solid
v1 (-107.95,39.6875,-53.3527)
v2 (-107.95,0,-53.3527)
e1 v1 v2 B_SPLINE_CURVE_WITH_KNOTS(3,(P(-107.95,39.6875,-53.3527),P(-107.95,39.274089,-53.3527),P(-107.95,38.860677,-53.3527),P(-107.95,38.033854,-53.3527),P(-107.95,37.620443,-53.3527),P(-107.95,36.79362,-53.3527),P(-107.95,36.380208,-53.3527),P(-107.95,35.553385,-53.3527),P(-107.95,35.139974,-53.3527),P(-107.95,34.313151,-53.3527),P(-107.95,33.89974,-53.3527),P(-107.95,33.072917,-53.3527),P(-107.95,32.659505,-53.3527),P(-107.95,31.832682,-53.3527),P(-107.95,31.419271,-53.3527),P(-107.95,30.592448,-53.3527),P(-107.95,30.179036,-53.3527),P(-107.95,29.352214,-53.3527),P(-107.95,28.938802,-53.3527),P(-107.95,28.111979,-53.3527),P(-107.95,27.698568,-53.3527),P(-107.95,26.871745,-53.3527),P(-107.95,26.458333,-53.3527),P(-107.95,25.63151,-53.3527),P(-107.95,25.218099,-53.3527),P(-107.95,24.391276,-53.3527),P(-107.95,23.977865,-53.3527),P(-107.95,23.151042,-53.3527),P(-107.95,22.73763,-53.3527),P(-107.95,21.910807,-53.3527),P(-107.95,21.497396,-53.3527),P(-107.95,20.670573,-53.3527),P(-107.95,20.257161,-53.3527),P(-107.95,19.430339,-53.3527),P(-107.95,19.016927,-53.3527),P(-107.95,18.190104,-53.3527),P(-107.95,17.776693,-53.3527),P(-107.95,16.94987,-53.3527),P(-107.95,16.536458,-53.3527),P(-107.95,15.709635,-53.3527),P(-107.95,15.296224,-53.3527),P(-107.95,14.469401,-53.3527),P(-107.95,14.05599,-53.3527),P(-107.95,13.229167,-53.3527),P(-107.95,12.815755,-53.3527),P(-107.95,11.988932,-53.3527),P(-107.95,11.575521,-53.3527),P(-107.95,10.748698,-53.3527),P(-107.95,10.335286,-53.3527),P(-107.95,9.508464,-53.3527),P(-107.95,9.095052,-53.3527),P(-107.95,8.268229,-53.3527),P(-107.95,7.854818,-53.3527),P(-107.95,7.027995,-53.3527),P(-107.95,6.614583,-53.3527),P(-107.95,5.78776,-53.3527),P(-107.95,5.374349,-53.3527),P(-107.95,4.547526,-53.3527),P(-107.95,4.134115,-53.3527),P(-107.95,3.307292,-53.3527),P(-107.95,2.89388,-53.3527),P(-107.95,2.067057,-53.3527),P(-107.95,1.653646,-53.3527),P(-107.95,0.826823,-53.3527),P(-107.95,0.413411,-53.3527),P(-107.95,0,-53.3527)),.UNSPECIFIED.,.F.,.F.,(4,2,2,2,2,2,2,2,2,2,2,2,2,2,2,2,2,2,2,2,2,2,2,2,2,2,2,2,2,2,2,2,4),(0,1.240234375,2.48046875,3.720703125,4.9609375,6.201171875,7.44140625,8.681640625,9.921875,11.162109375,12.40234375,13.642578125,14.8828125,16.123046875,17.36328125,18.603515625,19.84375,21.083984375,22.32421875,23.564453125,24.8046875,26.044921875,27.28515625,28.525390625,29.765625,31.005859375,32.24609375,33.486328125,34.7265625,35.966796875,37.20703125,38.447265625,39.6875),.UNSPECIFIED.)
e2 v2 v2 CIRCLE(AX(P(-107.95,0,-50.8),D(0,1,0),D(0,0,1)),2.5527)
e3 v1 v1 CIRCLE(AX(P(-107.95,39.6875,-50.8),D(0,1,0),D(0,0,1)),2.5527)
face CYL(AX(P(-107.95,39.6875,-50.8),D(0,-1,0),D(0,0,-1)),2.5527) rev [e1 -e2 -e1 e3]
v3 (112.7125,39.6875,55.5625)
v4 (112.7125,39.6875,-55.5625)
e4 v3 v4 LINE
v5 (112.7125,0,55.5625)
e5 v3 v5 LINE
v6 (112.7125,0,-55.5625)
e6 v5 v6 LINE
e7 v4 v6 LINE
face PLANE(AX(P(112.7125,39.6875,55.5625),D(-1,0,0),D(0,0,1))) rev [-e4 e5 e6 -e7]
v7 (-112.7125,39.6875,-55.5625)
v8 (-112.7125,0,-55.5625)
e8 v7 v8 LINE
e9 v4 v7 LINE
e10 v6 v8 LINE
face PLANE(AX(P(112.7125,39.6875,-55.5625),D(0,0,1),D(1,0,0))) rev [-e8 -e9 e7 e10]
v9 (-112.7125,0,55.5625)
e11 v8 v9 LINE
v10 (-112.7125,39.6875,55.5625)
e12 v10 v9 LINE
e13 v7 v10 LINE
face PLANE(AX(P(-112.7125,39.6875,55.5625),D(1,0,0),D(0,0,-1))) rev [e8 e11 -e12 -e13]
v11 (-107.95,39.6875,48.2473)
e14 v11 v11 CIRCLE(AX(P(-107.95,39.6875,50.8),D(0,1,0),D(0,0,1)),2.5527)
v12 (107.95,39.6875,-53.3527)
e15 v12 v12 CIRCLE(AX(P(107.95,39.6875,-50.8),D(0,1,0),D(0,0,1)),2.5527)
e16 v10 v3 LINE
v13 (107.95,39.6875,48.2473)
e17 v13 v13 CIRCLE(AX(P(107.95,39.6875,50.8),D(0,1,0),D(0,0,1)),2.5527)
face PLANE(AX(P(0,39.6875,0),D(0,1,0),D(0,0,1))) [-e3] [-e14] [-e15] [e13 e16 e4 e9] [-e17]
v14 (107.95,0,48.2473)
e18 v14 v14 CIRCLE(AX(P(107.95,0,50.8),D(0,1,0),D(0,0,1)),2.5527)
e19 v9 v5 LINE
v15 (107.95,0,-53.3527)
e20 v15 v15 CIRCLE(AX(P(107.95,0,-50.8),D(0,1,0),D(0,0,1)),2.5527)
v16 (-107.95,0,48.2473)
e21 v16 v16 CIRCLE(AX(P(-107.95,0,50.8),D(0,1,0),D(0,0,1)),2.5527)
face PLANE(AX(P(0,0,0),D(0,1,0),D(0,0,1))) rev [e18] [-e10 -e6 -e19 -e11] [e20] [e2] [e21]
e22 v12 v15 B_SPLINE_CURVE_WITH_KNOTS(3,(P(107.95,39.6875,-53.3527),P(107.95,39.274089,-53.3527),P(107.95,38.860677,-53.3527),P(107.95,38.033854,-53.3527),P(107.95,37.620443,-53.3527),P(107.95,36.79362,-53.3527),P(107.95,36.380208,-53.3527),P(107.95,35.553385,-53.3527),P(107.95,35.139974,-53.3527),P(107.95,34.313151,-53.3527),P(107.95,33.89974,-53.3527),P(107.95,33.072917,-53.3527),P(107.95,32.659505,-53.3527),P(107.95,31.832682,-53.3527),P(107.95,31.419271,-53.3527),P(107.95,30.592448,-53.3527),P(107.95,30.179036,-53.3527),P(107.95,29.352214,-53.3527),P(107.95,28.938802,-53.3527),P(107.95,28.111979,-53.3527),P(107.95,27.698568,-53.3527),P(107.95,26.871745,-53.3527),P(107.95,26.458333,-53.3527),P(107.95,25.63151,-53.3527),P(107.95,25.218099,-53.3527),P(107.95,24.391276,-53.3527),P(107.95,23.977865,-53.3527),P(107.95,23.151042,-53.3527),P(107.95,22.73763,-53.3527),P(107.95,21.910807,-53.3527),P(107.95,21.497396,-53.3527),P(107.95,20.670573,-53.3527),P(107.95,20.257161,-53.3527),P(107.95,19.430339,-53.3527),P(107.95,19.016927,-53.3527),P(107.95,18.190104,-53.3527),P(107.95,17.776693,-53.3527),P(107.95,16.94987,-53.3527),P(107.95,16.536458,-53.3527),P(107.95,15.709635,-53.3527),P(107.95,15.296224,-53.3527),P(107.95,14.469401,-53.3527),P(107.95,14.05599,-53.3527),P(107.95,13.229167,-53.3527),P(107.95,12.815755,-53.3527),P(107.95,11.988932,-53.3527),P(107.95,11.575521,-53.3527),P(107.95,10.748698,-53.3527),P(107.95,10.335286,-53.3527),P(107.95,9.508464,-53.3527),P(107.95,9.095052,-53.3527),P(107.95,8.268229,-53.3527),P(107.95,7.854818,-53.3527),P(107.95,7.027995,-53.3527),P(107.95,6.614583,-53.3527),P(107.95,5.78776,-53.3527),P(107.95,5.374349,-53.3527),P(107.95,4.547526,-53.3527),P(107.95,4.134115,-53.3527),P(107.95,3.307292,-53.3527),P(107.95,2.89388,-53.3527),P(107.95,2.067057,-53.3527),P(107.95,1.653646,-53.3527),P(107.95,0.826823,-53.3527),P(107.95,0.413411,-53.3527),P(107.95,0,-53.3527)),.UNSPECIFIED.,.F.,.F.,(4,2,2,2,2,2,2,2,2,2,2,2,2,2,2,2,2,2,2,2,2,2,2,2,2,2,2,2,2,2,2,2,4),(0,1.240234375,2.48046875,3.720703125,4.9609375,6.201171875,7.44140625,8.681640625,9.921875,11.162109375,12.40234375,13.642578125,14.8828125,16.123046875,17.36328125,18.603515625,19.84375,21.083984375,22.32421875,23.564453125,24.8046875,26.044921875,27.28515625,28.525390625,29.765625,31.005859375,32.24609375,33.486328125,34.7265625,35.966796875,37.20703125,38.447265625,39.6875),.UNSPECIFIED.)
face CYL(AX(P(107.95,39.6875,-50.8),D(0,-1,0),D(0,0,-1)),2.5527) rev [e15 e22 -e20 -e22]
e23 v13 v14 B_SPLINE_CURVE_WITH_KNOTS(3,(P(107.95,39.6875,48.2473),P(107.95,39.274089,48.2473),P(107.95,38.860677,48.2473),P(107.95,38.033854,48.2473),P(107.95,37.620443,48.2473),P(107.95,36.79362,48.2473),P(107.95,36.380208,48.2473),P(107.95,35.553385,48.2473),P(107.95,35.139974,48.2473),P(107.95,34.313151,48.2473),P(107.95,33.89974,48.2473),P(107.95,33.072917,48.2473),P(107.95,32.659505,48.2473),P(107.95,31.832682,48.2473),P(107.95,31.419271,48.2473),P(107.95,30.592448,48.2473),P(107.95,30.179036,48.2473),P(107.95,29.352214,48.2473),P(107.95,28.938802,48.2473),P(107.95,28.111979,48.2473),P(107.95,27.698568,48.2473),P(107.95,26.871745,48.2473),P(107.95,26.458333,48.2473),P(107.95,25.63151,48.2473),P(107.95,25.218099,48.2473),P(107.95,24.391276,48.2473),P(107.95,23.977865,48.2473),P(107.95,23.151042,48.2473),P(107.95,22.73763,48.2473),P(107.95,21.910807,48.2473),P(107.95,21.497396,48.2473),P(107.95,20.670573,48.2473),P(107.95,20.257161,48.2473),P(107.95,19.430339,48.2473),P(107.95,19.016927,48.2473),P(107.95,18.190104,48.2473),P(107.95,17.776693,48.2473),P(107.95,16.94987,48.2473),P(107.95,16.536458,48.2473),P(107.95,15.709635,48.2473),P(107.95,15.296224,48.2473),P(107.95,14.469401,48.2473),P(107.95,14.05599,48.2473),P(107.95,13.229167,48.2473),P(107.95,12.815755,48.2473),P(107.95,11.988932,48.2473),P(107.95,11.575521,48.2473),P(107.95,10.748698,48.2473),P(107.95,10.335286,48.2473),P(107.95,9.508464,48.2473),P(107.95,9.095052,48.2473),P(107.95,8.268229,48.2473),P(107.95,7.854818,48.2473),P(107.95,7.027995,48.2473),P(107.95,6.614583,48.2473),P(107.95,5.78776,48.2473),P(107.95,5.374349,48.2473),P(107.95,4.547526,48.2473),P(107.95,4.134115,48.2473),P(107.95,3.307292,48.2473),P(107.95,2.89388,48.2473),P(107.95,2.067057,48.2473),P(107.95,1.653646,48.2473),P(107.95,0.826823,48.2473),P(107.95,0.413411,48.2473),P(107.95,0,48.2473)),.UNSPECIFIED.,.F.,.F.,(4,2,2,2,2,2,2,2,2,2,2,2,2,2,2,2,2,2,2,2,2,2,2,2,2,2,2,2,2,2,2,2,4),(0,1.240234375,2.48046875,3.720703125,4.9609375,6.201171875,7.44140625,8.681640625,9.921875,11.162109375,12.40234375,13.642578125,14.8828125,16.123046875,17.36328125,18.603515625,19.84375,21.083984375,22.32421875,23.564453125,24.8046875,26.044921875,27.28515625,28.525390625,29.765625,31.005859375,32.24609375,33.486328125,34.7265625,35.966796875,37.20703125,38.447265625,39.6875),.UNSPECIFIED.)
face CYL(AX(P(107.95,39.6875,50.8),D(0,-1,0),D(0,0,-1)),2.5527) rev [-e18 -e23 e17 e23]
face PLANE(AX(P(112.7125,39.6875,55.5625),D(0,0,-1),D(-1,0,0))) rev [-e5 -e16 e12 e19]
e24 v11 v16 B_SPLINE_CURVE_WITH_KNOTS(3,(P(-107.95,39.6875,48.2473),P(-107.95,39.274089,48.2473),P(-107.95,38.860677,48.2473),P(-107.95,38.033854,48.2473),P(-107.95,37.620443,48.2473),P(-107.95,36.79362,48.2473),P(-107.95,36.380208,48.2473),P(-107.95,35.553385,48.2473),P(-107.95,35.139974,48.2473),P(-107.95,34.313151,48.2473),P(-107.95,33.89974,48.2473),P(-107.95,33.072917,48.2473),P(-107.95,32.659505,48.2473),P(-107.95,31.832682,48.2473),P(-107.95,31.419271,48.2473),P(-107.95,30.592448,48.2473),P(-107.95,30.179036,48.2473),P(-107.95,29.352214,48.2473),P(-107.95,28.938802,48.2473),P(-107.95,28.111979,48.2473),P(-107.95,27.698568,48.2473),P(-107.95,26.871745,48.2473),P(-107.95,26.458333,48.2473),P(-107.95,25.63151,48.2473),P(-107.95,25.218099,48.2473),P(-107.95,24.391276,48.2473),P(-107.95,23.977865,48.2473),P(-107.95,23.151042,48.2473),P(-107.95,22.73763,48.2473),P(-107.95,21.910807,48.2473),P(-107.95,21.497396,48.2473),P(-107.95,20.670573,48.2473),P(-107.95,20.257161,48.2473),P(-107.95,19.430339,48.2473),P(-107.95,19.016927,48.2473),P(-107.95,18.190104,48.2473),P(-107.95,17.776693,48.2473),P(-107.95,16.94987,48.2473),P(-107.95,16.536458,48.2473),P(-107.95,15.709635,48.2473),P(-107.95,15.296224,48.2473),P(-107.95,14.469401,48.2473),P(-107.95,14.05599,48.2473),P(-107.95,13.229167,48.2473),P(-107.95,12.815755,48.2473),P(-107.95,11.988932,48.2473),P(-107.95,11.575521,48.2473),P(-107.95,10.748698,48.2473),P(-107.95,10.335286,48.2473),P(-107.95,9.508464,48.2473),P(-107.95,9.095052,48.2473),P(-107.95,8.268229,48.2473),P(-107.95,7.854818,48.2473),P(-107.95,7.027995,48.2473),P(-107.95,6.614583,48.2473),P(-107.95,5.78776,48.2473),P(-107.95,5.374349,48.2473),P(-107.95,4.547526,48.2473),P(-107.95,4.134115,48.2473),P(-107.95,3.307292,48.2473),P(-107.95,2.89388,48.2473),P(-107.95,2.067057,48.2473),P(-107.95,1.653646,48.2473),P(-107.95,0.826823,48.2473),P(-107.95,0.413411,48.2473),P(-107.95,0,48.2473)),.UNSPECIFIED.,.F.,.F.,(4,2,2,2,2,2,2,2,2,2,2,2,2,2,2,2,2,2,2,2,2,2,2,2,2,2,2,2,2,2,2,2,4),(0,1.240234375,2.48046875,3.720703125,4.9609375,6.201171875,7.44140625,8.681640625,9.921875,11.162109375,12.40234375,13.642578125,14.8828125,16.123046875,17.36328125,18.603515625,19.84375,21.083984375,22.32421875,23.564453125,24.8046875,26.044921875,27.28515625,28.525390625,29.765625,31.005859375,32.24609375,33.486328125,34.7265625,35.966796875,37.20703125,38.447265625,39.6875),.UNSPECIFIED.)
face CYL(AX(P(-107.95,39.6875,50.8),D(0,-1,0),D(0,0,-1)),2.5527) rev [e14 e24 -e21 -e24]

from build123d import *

# Parameters (mm, degrees)
SKETCH1_W           = 225.425
SKETCH1_H           = 111.125
SKETCH1_R           = 2.5527
BOSS_EXTRUDE1_DEPTH = 39.6875


with BuildPart() as part:
    # Sketch1 → Boss-Extrude1 (new body)
    with BuildSketch(Plane(origin=(0, 0, 0), x_dir=(1, 0, 0), z_dir=(0, 1, 0))):
        Rectangle(SKETCH1_W, SKETCH1_H)
        with Locations(Location((-107.95, 50.8, 0), (0, 0, 90))):
            Circle(SKETCH1_R, mode=Mode.SUBTRACT)
        with Locations(Location((107.95, 50.8, 0), (0, 0, 90))):
            Circle(SKETCH1_R, mode=Mode.SUBTRACT)
        with Locations(Location((107.95, -50.8, 0), (0, 0, 90))):
            Circle(SKETCH1_R, mode=Mode.SUBTRACT)
        with Locations(Location((-107.95, -50.8, 0), (0, 0, 90))):
            Circle(SKETCH1_R, mode=Mode.SUBTRACT)
    extrude(amount=BOSS_EXTRUDE1_DEPTH)


solid = part.part
